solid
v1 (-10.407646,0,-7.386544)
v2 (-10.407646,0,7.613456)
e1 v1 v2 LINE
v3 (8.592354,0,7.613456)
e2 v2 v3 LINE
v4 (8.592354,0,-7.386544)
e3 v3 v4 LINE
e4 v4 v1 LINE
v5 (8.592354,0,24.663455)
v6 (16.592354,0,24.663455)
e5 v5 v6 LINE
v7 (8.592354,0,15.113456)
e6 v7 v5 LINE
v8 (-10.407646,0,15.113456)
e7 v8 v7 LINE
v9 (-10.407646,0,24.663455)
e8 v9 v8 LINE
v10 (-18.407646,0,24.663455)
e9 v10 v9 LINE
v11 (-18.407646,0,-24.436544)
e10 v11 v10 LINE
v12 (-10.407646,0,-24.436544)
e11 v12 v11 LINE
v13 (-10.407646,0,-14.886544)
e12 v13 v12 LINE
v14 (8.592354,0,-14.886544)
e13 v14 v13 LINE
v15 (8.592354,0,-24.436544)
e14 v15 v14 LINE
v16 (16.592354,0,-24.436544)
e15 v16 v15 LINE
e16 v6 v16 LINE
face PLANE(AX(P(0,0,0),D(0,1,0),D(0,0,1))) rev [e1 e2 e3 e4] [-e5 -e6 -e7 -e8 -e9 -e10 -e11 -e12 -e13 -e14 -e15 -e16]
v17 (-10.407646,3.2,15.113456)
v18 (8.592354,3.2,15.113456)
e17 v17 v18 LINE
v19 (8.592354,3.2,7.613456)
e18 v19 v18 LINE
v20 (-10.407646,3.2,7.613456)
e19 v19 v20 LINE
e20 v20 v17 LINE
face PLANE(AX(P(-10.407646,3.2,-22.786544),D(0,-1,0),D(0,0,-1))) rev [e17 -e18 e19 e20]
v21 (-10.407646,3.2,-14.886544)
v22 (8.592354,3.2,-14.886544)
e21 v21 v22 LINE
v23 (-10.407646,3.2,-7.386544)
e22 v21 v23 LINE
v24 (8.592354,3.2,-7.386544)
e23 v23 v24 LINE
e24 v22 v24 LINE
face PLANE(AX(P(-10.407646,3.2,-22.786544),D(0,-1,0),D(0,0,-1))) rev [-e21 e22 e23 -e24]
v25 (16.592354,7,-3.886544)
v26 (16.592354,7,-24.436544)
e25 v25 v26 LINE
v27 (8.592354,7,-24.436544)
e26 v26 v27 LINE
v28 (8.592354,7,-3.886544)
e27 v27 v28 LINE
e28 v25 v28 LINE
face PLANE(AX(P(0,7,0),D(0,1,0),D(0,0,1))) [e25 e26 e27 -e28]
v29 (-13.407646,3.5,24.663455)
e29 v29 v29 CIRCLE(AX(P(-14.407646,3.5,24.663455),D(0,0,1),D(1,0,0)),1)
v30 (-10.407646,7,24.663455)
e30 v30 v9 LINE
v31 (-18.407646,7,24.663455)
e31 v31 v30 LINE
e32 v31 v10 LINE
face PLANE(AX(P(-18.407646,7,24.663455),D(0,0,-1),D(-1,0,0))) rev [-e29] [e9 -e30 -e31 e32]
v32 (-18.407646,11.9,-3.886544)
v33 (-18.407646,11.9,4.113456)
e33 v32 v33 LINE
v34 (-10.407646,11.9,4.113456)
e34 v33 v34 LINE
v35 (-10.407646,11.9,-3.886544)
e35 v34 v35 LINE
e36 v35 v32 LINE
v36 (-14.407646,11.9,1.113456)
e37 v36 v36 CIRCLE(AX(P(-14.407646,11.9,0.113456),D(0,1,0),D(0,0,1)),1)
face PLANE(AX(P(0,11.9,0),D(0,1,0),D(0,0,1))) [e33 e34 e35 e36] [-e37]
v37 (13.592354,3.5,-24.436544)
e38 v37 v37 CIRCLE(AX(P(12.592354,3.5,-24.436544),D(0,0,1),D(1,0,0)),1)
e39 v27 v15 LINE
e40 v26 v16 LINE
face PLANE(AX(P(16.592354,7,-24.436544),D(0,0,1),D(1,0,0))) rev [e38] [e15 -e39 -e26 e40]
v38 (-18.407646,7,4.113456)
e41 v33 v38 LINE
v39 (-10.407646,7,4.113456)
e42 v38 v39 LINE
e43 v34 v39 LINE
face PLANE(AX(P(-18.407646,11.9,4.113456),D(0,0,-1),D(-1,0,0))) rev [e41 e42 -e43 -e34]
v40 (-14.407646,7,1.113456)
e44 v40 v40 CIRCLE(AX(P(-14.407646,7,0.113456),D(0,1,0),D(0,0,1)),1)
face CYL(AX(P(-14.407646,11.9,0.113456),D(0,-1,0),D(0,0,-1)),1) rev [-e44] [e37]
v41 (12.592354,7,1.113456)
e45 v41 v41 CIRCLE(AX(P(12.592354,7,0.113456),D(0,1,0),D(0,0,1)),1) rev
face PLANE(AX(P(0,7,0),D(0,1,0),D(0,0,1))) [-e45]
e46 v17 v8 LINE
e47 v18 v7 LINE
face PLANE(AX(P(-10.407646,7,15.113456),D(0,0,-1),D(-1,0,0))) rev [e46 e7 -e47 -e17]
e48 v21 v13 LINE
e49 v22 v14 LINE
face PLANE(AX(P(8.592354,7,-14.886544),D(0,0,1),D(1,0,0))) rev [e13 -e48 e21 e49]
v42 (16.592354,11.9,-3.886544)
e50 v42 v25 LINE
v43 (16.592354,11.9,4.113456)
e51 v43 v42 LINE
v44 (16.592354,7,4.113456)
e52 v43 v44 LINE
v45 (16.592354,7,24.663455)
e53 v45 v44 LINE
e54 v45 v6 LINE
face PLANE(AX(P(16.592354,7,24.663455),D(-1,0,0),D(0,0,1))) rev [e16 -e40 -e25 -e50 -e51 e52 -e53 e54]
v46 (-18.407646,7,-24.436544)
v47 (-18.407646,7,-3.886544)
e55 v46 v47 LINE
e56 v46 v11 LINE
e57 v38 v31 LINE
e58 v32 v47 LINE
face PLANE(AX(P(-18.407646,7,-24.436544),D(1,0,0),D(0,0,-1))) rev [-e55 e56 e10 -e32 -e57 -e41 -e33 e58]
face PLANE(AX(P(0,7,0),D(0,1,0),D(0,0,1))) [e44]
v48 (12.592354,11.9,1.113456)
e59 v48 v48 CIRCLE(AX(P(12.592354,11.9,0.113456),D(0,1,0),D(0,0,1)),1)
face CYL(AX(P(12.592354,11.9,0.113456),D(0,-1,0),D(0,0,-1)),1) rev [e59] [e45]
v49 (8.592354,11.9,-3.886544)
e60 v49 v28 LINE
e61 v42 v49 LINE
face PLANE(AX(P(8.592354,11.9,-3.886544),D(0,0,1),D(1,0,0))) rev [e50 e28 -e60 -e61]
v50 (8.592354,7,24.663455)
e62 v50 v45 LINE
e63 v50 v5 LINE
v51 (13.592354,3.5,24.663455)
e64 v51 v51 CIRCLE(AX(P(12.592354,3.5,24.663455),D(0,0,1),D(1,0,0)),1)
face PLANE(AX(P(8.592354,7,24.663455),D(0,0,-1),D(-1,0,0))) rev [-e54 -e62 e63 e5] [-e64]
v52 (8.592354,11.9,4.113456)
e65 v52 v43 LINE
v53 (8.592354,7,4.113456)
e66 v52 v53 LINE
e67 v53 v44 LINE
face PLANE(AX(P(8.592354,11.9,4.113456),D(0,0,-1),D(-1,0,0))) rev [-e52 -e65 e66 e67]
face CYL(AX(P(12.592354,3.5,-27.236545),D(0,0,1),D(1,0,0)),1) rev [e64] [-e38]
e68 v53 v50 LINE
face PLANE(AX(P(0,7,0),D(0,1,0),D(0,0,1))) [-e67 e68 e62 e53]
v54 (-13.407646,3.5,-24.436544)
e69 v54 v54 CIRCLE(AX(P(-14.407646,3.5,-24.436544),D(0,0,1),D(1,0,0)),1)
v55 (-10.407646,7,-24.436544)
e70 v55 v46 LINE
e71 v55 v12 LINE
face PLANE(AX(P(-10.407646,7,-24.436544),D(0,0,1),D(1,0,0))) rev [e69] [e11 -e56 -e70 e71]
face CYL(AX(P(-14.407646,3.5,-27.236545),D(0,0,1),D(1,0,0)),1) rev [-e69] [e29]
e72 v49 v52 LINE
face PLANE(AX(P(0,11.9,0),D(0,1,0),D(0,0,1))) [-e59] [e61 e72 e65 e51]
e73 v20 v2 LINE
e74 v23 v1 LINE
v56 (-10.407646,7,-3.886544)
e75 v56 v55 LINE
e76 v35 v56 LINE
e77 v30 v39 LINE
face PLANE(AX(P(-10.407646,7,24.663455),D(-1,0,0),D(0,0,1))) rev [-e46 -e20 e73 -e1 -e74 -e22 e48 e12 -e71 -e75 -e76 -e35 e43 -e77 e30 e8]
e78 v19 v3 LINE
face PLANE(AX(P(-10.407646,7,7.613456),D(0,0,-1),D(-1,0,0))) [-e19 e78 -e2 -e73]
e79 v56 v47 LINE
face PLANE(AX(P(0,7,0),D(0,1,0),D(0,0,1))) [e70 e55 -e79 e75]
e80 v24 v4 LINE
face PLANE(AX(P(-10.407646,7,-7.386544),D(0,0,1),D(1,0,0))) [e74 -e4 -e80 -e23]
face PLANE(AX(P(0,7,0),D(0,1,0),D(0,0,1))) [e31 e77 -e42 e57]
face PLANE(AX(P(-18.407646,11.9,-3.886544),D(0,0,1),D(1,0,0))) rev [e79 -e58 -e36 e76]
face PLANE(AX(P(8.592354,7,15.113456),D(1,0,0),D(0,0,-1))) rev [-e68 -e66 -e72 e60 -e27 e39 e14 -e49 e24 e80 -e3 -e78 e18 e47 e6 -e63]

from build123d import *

# Parameters (mm, degrees)
CROQUIS1_W              = 19
CROQUIS1_H              = 15
SALIENTE_EXTRUIR1_DEPTH = 7
CROQUIS2_W              = 8
CROQUIS2_H              = 8
CROQUIS2_R              = 1
SALIENTE_EXTRUIR2_DEPTH = 4.9
CROQUIS3_W              = 19
CROQUIS3_H              = 3.8
CORTAR_EXTRUIR1_DEPTH   = 37.9
CROQUIS4_R              = 1
CORTAR_EXTRUIR2_DEPTH   = 51.9


with BuildPart() as part:
    # Croquis1 → Saliente-Extruir1 (new body)
    with BuildSketch(Plane(origin=(0, 0, 0), x_dir=(1, 0, 0), z_dir=(0, 1, 0))):
        Polygon((16.592354246, -24.663454956), (16.592354246, 24.436543518), (8.592354246, 24.436543518), (8.592354246, 14.886544281), (-10.407645754, 14.886544281), (-10.407645754, 24.436543518), (-18.407645754, 24.436543518), (-18.407645754, -24.663454956), (-10.407645754, -24.663454956), (-10.407645754, -15.113455719), (8.592354246, -15.113455719), (8.592354246, -24.663454956), align=None)
        with Locations((-0.907645754, -0.113455719)):
            Rectangle(CROQUIS1_W, CROQUIS1_H, mode=Mode.SUBTRACT)
    extrude(amount=SALIENTE_EXTRUIR1_DEPTH)

    # Croquis2 → Saliente-Extruir2 (add)
    with BuildSketch(Plane(origin=(0, 7, 0), x_dir=(1, 0, 0), z_dir=(0, 1, 0))):
        with Locations((-14.407645754, -0.113455719)):
            Rectangle(CROQUIS2_W, CROQUIS2_H)
        with Locations((-14.407645754, -0.113455719)):
            Circle(CROQUIS2_R, mode=Mode.SUBTRACT)
        with Locations((12.592354246, -0.113455719)):
            Rectangle(CROQUIS2_W, CROQUIS2_H)
        with Locations((12.592354246, -0.113455719)):
            Circle(CROQUIS2_R, mode=Mode.SUBTRACT)
    extrude(amount=SALIENTE_EXTRUIR2_DEPTH)

    # Croquis3 → Cortar-Extruir1 (cut)
    with BuildSketch(Plane.XY.offset(15.113455719)):
        with Locations((-0.907645754, 5.1)):
            Rectangle(CROQUIS3_W, CROQUIS3_H)
    extrude(amount=-CORTAR_EXTRUIR1_DEPTH, mode=Mode.SUBTRACT)

    # Croquis4 → Cortar-Extruir2 (cut)
    with BuildSketch(Plane.XY.offset(24.663454956)):
        with Locations((12.592354246, 3.5)):
            Circle(CROQUIS4_R)
        with Locations((-14.407645754, 3.5)):
            Circle(CROQUIS4_R)
    extrude(amount=-CORTAR_EXTRUIR2_DEPTH, mode=Mode.SUBTRACT)


solid = part.part
